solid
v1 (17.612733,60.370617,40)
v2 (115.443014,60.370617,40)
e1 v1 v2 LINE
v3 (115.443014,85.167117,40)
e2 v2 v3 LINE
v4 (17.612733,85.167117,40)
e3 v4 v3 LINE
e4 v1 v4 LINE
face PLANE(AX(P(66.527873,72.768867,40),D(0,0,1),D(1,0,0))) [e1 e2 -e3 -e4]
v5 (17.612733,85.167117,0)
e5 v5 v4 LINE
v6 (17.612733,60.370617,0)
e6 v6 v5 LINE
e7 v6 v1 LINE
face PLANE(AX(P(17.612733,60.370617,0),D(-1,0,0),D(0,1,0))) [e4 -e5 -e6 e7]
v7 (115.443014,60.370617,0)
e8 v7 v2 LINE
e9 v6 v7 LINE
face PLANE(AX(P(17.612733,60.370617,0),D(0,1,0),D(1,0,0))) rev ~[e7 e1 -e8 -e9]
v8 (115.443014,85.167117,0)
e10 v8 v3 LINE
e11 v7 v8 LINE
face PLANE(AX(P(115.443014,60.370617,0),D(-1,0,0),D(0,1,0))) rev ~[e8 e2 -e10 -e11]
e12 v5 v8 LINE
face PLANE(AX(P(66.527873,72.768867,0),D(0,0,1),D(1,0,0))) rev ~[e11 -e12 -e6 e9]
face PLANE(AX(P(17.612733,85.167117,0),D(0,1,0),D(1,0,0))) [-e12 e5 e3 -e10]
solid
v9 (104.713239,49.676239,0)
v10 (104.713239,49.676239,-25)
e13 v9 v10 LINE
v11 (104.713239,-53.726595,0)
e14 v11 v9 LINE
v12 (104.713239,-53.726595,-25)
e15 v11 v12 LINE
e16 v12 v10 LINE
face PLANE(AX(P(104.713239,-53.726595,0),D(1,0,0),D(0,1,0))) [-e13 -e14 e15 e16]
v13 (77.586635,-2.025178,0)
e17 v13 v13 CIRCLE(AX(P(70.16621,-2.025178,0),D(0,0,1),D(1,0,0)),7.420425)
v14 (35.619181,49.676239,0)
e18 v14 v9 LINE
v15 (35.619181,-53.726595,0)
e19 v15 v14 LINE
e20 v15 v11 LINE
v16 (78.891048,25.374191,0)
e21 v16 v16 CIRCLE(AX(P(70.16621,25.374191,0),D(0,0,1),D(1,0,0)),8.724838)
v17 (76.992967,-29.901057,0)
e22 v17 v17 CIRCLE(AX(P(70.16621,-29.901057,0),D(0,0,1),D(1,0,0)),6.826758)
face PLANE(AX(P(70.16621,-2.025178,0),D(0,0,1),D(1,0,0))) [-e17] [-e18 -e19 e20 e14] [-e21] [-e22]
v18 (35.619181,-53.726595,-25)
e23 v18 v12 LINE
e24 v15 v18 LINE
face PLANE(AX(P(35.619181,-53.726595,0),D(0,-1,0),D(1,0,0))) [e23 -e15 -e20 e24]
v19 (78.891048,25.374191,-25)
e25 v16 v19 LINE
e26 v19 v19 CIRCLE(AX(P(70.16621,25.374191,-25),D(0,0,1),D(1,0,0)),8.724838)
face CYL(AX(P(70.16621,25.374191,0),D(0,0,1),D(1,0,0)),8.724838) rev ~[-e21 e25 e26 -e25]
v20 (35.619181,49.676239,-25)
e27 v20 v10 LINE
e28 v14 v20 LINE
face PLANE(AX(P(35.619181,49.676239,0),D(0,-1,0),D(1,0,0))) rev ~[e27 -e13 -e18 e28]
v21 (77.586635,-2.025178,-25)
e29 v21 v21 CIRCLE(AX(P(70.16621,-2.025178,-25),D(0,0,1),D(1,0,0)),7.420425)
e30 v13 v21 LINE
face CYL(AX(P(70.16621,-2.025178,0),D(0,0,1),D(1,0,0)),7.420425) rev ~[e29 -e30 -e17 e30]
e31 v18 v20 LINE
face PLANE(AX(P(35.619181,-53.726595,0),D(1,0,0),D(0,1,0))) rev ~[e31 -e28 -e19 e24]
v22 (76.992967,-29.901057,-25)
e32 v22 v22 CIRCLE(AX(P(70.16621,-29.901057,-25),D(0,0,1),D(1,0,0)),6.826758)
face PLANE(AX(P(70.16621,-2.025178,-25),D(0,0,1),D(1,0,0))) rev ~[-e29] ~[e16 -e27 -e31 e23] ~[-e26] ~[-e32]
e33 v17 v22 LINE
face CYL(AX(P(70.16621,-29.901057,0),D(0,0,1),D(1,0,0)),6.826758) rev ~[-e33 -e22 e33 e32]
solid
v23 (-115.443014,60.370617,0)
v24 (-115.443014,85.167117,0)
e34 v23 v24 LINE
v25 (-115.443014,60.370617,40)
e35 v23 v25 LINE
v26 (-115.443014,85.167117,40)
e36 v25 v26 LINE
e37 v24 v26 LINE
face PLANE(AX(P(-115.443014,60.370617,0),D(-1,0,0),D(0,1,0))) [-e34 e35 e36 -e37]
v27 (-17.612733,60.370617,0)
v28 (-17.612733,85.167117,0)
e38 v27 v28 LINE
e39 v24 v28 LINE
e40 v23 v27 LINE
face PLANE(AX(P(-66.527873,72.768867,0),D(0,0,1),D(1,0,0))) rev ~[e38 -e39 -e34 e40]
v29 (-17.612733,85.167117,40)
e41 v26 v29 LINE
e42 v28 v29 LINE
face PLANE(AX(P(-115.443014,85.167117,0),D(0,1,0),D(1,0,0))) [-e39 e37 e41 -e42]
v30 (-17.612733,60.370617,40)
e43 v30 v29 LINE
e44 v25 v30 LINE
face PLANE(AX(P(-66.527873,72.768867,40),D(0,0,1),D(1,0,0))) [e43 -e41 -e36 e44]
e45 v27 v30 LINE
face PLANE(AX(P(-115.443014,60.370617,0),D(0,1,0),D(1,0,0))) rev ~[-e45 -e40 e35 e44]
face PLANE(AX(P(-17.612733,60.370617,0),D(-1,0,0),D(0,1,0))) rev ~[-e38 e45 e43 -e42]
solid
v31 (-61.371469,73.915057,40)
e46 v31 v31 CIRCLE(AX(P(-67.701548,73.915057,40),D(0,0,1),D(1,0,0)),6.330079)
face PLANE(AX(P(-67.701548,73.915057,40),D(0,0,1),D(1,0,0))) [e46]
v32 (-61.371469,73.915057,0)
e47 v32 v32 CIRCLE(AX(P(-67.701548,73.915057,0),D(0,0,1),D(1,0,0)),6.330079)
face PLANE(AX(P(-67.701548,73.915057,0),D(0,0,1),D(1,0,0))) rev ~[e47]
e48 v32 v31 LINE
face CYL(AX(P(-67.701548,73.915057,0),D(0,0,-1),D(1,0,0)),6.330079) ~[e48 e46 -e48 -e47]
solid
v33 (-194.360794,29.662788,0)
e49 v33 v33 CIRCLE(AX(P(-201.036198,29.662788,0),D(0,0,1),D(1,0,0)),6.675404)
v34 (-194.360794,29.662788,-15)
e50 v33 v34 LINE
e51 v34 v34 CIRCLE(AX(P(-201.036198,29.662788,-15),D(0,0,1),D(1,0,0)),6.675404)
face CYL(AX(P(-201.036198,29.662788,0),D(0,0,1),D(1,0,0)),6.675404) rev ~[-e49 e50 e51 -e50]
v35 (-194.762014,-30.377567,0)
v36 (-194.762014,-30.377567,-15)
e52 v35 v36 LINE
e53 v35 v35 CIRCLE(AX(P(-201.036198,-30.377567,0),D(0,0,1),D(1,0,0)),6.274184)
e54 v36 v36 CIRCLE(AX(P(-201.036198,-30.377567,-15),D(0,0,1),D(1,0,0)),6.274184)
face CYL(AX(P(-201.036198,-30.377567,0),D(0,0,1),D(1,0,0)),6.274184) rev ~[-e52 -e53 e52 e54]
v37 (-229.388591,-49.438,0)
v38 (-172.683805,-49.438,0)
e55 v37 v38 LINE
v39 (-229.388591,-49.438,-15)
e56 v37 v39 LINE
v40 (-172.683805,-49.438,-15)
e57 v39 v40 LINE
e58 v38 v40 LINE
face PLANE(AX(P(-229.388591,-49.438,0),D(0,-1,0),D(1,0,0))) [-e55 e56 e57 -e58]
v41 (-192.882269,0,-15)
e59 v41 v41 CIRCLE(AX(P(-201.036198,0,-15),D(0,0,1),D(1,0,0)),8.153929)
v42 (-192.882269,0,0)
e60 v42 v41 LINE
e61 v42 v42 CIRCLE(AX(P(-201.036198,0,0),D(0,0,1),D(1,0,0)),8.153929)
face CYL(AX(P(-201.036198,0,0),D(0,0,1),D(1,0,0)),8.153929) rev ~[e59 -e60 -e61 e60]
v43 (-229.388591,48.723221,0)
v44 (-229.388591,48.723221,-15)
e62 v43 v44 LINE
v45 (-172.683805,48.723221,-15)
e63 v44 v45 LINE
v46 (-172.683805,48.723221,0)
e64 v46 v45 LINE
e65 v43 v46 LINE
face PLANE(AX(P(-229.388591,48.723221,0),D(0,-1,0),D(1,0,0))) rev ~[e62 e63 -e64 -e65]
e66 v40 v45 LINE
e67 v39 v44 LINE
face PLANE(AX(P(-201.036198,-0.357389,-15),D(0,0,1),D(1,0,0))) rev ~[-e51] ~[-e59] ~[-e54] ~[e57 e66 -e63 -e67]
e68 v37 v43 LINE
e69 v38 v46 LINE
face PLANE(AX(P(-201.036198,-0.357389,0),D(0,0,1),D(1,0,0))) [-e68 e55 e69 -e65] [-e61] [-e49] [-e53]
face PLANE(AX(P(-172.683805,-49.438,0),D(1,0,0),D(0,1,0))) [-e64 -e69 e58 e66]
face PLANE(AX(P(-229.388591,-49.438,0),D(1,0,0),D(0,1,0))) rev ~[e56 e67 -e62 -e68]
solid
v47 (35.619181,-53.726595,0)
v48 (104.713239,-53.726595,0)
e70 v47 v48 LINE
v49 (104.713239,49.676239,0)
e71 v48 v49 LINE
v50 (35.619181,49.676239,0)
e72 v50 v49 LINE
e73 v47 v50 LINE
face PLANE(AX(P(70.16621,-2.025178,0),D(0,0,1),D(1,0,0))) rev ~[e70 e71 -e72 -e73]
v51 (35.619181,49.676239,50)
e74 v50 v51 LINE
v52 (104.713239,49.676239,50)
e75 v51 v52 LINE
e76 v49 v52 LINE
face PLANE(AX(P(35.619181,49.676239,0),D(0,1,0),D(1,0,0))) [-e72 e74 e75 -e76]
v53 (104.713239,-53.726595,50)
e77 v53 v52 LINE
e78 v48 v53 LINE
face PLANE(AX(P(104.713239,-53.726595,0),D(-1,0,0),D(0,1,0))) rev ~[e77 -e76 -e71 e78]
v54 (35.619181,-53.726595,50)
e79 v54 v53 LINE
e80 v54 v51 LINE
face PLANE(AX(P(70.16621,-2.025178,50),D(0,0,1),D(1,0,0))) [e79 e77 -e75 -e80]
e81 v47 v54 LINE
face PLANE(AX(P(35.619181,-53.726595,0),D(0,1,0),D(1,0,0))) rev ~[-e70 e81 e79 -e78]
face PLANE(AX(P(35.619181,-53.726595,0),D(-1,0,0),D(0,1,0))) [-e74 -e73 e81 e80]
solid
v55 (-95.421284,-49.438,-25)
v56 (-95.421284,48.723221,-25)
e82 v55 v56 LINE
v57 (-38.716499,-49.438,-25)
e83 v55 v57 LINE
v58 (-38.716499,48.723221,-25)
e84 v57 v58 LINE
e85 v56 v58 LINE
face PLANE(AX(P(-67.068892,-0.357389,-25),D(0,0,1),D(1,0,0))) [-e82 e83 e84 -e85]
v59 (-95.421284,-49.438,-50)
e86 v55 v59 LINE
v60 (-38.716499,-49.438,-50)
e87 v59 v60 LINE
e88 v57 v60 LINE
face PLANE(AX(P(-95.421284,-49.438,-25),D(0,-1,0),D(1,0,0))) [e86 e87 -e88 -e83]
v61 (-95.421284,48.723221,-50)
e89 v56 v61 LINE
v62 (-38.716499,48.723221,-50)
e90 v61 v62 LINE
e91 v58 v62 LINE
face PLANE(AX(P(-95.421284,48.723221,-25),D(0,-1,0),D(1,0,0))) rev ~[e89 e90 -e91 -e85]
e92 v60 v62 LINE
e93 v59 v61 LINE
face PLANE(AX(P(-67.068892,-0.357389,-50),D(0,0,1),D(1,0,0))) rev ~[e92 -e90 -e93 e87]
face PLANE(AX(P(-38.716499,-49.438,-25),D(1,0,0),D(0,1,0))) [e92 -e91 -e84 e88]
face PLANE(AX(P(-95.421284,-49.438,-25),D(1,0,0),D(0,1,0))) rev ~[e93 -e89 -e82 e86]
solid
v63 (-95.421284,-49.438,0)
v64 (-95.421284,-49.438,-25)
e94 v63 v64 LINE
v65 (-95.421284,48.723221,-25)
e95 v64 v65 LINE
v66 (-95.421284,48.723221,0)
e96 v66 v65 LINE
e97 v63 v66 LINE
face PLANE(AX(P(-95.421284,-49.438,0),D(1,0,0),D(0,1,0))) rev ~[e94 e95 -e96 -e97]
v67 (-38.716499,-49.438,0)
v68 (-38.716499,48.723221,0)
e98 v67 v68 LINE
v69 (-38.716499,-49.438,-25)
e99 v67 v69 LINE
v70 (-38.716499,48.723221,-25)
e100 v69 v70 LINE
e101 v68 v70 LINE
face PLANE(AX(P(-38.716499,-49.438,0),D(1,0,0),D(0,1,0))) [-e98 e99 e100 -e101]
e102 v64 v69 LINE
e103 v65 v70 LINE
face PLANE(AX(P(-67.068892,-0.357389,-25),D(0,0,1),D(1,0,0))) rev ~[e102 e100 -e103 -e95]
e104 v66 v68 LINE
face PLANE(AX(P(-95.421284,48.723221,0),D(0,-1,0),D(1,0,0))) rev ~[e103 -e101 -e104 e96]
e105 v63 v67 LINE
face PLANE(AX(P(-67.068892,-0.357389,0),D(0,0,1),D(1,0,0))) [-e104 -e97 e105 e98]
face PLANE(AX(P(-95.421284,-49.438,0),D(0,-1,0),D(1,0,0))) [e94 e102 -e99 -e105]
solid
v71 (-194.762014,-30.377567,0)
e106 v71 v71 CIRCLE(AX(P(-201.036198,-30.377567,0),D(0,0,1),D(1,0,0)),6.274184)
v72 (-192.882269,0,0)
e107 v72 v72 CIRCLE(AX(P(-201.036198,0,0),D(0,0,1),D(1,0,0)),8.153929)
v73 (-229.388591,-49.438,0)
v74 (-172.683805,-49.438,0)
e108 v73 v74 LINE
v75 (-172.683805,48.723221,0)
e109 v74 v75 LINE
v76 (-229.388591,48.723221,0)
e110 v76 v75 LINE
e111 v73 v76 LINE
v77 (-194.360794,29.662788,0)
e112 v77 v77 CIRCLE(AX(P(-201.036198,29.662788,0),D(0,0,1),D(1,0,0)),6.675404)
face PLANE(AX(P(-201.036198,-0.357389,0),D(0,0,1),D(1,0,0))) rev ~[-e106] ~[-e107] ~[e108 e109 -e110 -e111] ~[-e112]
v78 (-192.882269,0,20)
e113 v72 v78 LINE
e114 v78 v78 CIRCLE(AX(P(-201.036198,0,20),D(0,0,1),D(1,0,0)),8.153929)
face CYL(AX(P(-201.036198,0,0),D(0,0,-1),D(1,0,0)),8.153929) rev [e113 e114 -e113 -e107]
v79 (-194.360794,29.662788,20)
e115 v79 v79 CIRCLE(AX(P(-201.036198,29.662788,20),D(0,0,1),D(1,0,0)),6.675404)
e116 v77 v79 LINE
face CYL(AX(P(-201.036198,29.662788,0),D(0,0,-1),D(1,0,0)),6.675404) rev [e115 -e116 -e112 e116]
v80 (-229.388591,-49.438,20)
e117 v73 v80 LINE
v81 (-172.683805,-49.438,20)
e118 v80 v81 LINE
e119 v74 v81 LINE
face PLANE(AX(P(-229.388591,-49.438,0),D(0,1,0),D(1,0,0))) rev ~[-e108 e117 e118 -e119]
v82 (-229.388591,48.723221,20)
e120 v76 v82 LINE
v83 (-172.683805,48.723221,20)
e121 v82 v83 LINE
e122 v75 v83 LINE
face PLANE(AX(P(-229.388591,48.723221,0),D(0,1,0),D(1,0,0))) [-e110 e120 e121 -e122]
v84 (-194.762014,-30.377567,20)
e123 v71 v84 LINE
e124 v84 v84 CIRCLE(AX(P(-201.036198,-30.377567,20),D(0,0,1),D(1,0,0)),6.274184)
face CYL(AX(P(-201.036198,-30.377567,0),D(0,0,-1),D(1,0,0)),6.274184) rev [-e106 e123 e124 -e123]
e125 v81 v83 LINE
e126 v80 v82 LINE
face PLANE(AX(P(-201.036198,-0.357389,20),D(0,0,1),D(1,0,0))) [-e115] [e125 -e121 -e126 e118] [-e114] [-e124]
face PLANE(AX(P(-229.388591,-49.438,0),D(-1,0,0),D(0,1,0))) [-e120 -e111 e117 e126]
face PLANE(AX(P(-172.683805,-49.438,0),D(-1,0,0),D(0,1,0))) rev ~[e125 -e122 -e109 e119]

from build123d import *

# Parameters (mm, degrees)
F0_W     = 69.0940581262
F0_H     = 103.4028343856
F0_R     = 6.8267575368
F0_R_2   = 7.4204250621
F0_R_3   = 8.7248380927
F1_DEPTH = 50
F2_DEPTH = 25
F3_W     = 56.7047856748
F3_H     = 98.1612205505
F3_R     = 6.2741838457
F3_R_2   = 8.1539291884
F3_R_3   = 6.6754039926
F4_DEPTH = 25
F5_DEPTH = 25
F6_DEPTH = 15
F7_DEPTH = 20
F3_W_2   = 97.8302806616
F3_H_2   = 24.796500802
F8_DEPTH = 40
F0_R_4   = 6.3300792134
F9_DEPTH = 40


with BuildPart() as f1:
    # F0 (on Top) → F1 (new body)
    with BuildSketch(Plane.XY):
        with Locations((70.1662097126, -2.0251777023)):
            Rectangle(F0_W, F0_H)
        with Locations((70.1662097126, -29.9010574818)):
            Circle(F0_R, mode=Mode.SUBTRACT)
        with Locations((70.1662097126, -2.0251777023)):
            Circle(F0_R_2, mode=Mode.SUBTRACT)
        with Locations((70.1662097126, 25.3741908818)):
            Circle(F0_R_3, mode=Mode.SUBTRACT)
        with Locations((70.1662097126, 25.3741908818)):
            Circle(F0_R_3)
        with Locations((70.1662097126, -2.0251777023)):
            Circle(F0_R_2)
        with Locations((70.1662097126, -29.9010574818)):
            Circle(F0_R)
    extrude(amount=F1_DEPTH)


with BuildPart() as f2:
    # F0 (on Top) → F2 (new body)
    with BuildSketch(Plane.XY):
        with Locations((70.1662097126, -2.0251777023)):
            Rectangle(F0_W, F0_H)
        with Locations((70.1662097126, -29.9010574818)):
            Circle(F0_R, mode=Mode.SUBTRACT)
        with Locations((70.1662097126, -2.0251777023)):
            Circle(F0_R_2, mode=Mode.SUBTRACT)
        with Locations((70.1662097126, 25.3741908818)):
            Circle(F0_R_3, mode=Mode.SUBTRACT)
    extrude(amount=-F2_DEPTH)


with BuildPart() as f4:
    # F3 (on Top) → F4 (new body)
    with BuildSketch(Plane.XY):
        with Locations((-67.0688915998, -0.3573894501)):
            Rectangle(F3_W, F3_H)
        with Locations((-67.0688915998, -30.3775668144)):
            Circle(F3_R, mode=Mode.SUBTRACT)
        with Locations((-67.0688915998, 0)):
            Circle(F3_R_2, mode=Mode.SUBTRACT)
        with Locations((-67.0688915998, 29.6627879143)):
            Circle(F3_R_3, mode=Mode.SUBTRACT)
        with Locations((-67.0688915998, 0)):
            Circle(F3_R_2)
        with Locations((-67.0688915998, 29.6627879143)):
            Circle(F3_R_3)
        with Locations((-67.0688915998, -30.3775668144)):
            Circle(F3_R)
    extrude(amount=-F4_DEPTH)


with BuildPart() as f5:
    # F5 (new): a face of the model
    f5_faces = [f4.part.faces().sort_by_distance(p)[0] for p in [
        (-67.0688915998, -0.3573894501, -25),
    ]]
    extrude(f5_faces, amount=F5_DEPTH)


with BuildPart() as f6:
    # F3 (on Top) → F6 (new body)
    with BuildSketch(Plane.XY):
        with Locations((-201.0361980647, -0.3573894501)):
            Rectangle(F3_W, F3_H)
        with Locations((-201.0361980647, -30.3775668144)):
            Circle(F3_R, mode=Mode.SUBTRACT)
        with Locations((-201.0361980647, 0)):
            Circle(F3_R_2, mode=Mode.SUBTRACT)
        with Locations((-201.0361980647, 29.6627879143)):
            Circle(F3_R_3, mode=Mode.SUBTRACT)
    extrude(amount=-F6_DEPTH)


with BuildPart() as f7:
    # F3 (on Top) → F7 (new body)
    with BuildSketch(Plane.XY):
        with Locations((-201.0361980647, -0.3573894501)):
            Rectangle(F3_W, F3_H)
        with Locations((-201.0361980647, -30.3775668144)):
            Circle(F3_R, mode=Mode.SUBTRACT)
        with Locations((-201.0361980647, 0)):
            Circle(F3_R_2, mode=Mode.SUBTRACT)
        with Locations((-201.0361980647, 29.6627879143)):
            Circle(F3_R_3, mode=Mode.SUBTRACT)
    extrude(amount=F7_DEPTH)


with BuildPart() as f8:
    # F3 (on Top) → F8 (new body)
    with BuildSketch(Plane.XY):
        with Locations((-66.5278732777, 72.7688670158)):
            Rectangle(F3_W_2, F3_H_2)
    extrude(amount=F8_DEPTH)


with BuildPart() as f8b:
    # F0 (on Top) → F8, piece 2 (new body)
    with BuildSketch(Plane.XY):
        with Locations((-67.7015483379, 73.9150568843)):
            Circle(F0_R_4)
    extrude(amount=F8_DEPTH)


with BuildPart() as f9:
    # F3 (on Top) → F9 (new body)
    with BuildSketch(Plane.XY):
        with Locations((66.5278732777, 72.7688670158)):
            Rectangle(F3_W_2, F3_H_2)
    extrude(amount=F9_DEPTH)


solid = Compound([f1.part, f2.part, f4.part, f5.part, f6.part, f7.part, f8.part, f8b.part, f9.part])
